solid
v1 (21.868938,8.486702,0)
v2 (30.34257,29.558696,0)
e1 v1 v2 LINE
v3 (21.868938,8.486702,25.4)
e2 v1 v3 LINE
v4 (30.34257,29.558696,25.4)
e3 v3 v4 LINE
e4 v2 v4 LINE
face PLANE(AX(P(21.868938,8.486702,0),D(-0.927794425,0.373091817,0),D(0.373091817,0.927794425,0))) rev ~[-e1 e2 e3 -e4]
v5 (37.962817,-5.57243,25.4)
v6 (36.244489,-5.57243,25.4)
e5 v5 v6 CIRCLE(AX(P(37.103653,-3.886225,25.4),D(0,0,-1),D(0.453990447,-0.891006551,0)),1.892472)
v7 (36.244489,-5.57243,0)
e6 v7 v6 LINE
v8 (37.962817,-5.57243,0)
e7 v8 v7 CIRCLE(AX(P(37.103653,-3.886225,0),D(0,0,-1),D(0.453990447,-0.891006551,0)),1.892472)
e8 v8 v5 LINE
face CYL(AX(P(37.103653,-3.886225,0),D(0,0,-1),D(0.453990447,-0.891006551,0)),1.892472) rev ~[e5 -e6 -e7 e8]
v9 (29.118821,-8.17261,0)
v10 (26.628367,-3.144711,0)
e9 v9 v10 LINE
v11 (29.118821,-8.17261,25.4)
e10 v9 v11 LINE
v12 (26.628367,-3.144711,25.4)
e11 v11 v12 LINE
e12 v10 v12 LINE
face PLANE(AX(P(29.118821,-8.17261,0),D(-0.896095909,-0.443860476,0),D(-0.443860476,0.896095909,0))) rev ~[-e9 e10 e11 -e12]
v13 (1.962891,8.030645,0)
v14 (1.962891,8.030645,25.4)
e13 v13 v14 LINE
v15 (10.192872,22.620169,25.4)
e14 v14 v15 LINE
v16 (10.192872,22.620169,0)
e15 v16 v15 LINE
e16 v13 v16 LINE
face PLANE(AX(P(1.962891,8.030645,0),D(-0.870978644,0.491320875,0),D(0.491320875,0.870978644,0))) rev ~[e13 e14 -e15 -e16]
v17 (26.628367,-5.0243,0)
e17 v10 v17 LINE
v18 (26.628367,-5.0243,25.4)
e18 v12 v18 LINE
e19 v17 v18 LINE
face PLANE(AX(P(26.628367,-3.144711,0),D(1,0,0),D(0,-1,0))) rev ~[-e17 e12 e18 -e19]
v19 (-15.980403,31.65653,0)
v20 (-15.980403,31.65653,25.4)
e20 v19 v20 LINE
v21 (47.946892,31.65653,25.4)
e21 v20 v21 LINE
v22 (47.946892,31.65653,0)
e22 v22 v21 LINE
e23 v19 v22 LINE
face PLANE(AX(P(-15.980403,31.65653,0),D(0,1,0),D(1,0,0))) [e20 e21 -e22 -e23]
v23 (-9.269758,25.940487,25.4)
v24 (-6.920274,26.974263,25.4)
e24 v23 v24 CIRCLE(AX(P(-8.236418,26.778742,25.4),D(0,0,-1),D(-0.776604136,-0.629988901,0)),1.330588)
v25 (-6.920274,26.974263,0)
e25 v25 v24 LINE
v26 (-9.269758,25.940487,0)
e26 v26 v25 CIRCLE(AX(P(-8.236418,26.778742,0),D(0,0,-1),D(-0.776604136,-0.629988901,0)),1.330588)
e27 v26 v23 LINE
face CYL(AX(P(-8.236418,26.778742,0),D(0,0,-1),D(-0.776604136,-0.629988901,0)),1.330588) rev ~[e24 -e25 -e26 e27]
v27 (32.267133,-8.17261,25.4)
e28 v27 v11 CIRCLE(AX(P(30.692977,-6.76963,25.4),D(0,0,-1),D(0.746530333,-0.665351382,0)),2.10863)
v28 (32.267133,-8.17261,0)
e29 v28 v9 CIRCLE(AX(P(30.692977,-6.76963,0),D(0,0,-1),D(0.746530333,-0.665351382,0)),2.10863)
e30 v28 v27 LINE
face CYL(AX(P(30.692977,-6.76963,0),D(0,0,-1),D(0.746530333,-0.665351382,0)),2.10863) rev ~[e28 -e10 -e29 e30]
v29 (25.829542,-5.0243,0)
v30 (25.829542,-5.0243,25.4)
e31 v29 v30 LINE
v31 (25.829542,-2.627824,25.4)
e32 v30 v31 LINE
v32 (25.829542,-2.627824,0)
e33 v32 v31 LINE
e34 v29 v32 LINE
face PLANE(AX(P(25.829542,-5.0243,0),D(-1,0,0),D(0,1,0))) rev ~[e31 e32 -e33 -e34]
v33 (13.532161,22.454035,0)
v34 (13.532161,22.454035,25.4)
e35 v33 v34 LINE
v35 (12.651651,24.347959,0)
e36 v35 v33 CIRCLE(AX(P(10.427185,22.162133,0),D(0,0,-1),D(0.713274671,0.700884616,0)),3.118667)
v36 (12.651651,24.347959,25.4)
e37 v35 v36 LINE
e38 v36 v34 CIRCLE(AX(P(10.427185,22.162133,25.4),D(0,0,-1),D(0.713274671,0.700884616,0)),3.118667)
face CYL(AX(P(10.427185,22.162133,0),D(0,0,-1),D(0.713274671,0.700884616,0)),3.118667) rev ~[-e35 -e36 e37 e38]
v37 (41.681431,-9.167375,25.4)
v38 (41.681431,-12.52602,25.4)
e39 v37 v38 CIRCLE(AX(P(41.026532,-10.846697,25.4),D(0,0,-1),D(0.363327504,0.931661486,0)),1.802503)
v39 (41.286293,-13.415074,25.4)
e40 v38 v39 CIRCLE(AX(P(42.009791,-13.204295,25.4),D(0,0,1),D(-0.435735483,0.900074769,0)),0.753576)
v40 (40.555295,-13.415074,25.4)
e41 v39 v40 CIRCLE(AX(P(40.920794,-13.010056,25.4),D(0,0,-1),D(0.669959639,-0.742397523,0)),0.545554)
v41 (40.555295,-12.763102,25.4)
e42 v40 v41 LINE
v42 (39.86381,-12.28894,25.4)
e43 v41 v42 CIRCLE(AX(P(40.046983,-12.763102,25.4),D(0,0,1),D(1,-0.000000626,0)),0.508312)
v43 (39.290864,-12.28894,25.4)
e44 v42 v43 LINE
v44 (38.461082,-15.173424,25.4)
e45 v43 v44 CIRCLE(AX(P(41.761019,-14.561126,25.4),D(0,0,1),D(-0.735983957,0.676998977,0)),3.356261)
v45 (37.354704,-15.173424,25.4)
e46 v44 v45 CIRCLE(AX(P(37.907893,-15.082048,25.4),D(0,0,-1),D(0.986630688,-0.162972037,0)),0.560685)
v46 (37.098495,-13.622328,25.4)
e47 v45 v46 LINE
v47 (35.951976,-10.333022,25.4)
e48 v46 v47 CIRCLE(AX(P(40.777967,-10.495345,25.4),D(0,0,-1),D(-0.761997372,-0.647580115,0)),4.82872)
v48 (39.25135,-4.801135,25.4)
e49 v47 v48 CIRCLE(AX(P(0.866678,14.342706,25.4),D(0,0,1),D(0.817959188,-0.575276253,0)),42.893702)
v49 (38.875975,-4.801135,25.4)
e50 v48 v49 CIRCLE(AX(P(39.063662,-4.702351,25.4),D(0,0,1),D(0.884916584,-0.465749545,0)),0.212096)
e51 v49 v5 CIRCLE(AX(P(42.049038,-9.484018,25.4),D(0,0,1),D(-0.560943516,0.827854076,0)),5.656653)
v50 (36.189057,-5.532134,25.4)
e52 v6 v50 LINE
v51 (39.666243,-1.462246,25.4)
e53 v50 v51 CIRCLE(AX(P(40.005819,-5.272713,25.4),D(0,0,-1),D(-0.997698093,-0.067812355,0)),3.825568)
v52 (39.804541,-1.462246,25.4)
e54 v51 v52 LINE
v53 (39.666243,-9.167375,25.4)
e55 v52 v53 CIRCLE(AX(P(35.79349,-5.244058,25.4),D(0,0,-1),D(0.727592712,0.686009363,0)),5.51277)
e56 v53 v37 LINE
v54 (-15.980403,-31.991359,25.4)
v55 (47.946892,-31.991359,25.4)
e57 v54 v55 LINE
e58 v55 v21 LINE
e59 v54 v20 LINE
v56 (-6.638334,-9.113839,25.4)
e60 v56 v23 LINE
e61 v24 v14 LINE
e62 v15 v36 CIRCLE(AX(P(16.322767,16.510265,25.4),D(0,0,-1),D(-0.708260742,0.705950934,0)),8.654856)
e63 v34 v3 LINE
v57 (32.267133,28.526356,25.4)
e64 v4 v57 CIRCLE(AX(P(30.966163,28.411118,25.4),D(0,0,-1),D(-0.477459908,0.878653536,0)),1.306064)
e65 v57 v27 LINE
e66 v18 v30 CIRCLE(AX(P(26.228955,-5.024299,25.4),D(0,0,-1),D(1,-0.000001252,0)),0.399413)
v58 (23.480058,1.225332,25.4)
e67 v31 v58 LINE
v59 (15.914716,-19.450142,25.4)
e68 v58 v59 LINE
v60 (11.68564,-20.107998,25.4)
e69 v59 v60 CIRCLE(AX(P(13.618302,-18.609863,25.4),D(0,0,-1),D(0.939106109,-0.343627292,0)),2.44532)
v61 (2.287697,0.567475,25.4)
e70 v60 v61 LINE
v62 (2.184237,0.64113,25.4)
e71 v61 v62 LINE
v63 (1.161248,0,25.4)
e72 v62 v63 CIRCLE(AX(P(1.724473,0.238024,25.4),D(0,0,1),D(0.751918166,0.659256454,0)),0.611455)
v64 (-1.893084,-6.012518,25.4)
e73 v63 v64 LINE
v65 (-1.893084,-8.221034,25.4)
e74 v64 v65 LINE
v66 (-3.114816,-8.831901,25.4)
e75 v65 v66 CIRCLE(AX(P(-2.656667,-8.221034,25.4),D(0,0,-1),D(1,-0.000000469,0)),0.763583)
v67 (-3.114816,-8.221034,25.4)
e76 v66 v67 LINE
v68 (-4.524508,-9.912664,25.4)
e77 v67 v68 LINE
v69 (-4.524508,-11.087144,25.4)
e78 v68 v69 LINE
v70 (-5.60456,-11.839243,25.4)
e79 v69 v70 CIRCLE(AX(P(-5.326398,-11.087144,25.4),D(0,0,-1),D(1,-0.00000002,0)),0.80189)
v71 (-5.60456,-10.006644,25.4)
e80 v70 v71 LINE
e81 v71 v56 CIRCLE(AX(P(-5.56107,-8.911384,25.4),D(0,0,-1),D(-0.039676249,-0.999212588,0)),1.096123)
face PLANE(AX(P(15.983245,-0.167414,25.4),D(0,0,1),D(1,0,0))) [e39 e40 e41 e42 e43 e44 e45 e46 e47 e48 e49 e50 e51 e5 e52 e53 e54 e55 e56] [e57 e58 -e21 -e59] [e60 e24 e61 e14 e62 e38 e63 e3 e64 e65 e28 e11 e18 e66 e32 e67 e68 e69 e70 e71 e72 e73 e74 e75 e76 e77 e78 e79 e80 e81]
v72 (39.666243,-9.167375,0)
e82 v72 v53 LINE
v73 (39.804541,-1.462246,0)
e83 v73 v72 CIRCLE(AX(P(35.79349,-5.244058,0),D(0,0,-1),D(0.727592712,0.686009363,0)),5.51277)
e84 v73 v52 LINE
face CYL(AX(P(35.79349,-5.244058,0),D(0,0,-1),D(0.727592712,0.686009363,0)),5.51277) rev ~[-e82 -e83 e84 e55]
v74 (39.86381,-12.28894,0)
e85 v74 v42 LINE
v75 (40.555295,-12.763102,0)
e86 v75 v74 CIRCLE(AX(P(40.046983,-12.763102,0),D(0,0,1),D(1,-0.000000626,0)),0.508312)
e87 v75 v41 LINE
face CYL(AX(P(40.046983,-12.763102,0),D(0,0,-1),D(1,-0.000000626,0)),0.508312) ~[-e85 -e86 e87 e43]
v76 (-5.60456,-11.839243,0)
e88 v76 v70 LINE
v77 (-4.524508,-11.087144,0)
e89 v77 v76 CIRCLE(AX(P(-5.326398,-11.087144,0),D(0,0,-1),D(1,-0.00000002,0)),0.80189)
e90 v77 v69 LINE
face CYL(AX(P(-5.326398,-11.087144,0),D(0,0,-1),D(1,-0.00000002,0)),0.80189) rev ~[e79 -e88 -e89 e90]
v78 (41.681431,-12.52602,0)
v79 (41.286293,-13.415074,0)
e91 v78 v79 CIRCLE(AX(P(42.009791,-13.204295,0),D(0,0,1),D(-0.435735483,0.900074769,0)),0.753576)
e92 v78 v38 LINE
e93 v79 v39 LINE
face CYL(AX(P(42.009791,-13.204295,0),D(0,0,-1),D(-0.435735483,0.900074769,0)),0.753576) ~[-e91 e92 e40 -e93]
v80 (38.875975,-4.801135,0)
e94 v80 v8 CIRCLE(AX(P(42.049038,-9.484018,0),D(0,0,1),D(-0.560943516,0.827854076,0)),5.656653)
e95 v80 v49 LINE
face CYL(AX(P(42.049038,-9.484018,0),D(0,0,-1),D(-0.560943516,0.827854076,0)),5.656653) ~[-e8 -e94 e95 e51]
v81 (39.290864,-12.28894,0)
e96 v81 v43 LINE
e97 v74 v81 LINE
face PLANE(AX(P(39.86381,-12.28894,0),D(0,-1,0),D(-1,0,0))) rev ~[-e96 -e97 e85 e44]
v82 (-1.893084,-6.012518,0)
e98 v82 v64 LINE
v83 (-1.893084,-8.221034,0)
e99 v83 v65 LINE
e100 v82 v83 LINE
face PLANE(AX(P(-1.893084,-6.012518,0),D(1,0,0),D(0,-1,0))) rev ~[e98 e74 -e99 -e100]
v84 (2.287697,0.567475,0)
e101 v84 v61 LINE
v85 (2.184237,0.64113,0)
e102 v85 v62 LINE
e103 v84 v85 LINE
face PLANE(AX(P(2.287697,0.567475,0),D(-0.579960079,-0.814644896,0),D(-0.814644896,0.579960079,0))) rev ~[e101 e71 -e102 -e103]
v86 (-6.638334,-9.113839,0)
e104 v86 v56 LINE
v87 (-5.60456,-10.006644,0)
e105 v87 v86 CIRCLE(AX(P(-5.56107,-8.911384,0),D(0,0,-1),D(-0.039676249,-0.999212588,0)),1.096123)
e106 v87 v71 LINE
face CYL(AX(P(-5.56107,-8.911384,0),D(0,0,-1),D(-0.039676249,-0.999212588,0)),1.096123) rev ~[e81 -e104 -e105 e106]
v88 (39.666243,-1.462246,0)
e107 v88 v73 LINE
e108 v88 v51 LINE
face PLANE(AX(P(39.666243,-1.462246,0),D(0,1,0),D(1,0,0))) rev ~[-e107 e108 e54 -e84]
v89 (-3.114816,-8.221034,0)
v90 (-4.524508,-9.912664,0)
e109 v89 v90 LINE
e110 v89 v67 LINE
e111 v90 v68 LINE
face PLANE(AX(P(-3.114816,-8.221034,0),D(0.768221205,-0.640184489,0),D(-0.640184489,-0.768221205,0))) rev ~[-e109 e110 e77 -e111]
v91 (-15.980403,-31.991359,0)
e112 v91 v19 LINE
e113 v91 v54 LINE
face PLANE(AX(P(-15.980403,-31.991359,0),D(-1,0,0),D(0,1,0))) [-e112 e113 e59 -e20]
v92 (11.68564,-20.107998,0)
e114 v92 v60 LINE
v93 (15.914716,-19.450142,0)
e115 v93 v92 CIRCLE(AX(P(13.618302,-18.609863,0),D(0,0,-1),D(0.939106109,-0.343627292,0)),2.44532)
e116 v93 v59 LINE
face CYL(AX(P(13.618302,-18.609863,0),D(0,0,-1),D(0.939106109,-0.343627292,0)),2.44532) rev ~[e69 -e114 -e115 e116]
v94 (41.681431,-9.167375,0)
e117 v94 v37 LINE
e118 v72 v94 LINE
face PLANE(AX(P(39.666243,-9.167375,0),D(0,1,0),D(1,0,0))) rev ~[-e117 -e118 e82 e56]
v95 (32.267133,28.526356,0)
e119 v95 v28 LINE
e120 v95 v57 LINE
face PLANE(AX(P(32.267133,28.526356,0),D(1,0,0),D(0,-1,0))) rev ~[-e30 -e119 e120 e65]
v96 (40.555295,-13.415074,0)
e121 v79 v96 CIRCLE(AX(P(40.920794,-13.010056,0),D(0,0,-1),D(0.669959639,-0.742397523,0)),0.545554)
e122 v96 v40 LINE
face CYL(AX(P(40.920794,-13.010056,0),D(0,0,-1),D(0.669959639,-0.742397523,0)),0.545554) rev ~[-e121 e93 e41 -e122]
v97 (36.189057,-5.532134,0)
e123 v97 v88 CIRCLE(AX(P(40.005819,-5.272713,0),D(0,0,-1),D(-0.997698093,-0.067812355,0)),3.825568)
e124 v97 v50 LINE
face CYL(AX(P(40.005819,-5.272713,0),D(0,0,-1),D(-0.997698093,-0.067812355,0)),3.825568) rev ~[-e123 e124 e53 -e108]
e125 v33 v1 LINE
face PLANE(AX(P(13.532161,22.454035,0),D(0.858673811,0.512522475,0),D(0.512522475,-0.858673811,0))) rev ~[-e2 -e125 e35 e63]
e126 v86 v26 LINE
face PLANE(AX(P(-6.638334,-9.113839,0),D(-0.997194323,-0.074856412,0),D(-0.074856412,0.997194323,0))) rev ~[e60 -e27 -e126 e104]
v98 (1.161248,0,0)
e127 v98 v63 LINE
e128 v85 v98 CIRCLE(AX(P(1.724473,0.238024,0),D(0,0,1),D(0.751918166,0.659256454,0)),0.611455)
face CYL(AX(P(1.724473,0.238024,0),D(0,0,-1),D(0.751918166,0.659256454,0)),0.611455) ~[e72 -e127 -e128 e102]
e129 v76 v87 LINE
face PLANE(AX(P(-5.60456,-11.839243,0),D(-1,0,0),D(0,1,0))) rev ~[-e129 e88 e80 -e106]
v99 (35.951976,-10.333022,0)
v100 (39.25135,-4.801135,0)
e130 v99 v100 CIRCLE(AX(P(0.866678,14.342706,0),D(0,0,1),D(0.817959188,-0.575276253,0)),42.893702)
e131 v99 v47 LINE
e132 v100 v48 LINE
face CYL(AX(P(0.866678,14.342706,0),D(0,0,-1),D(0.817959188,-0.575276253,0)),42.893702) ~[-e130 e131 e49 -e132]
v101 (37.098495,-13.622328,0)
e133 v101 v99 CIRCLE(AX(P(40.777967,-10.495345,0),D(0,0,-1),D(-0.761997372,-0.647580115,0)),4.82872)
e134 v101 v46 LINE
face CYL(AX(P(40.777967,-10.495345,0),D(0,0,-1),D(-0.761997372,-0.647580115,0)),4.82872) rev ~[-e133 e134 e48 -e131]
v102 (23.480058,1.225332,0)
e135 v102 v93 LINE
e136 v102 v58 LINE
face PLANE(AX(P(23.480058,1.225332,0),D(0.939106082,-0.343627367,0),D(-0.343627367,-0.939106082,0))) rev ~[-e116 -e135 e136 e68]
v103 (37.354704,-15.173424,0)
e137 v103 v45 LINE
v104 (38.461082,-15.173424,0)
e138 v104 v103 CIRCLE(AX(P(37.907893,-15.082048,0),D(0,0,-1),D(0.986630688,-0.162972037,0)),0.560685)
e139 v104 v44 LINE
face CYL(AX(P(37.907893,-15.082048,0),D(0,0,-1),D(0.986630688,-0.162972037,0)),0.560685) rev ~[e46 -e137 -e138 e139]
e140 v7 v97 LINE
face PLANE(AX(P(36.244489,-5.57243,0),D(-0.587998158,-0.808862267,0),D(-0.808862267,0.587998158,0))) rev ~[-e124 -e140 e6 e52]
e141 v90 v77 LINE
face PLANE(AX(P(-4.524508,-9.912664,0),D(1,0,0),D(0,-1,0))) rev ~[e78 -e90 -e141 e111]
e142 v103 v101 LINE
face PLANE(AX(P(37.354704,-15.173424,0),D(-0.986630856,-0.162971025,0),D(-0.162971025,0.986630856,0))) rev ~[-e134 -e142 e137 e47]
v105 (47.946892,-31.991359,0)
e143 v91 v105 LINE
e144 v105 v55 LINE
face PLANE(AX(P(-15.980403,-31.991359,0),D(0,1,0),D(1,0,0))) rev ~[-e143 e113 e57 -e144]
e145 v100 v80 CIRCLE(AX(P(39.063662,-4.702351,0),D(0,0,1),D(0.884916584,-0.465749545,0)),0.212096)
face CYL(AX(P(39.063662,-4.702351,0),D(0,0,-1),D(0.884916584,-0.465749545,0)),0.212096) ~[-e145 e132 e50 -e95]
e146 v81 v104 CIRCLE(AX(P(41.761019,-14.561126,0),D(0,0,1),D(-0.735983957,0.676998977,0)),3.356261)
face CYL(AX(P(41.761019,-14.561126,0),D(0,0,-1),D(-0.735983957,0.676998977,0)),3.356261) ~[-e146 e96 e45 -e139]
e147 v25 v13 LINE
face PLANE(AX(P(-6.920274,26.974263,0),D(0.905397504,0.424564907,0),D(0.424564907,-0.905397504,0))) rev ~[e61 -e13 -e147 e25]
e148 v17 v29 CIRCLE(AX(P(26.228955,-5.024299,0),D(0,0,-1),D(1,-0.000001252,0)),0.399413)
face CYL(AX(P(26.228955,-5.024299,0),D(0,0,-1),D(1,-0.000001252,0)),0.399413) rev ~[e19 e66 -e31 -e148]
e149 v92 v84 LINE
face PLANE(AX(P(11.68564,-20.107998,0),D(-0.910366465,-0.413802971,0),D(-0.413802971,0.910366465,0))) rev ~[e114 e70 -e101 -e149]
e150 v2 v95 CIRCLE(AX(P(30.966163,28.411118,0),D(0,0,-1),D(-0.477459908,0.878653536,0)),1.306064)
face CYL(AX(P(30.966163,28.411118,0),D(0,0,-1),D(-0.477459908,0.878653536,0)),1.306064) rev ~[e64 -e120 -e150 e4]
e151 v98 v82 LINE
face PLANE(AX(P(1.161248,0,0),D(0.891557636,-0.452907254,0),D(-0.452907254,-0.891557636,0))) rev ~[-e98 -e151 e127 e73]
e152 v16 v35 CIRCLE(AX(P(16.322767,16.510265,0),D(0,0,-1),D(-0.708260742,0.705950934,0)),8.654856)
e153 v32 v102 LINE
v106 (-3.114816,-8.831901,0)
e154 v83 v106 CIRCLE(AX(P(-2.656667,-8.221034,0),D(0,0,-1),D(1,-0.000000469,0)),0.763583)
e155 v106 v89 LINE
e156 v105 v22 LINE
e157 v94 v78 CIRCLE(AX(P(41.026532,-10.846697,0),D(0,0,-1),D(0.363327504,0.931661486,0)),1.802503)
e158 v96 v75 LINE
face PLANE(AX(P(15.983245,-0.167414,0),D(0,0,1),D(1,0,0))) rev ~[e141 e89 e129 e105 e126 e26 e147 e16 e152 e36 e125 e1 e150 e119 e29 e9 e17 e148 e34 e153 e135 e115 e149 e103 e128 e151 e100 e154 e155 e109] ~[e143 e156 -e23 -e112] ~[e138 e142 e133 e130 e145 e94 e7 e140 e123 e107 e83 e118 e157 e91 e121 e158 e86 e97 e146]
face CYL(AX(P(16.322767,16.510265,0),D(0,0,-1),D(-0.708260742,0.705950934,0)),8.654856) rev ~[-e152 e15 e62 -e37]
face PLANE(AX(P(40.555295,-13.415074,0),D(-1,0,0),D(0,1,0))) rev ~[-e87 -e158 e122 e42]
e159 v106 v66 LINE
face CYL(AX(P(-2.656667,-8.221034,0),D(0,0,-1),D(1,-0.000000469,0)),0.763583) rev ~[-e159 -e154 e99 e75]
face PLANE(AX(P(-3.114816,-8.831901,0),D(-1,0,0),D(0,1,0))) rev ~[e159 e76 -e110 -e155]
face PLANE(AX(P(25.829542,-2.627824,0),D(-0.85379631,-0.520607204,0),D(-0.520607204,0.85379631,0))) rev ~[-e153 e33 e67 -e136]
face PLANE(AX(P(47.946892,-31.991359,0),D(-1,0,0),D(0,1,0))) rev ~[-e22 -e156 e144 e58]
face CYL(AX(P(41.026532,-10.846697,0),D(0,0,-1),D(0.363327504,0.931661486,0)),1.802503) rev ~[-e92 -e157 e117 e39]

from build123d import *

# Parameters (mm, degrees)
F0_W     = 63.927295
F0_H     = 63.647889
F1_DEPTH = 25.4


with BuildPart() as f1:
    # F0 (on Top) → F1 (new body)
    with BuildSketch(Plane.XY):
        with Locations((15.983245, -0.167414)):
            Rectangle(F0_W, F0_H)
        with BuildLine():
            ThreePointArc((36.189057, -5.532134), (37.097248, -2.787721), (39.666243, -1.462246))
            Line((39.666243, -1.462246), (39.804541, -1.462246))
            ThreePointArc((39.804541, -1.462246), (41.305372, -5.34299), (39.666243, -9.167375))
            Line((39.666243, -9.167375), (41.681431, -9.167375))
            ThreePointArc((41.681431, -9.167375), (42.829035, -10.846698), (41.681431, -12.52602))
            ThreePointArc((41.681431, -12.52602), (41.321165, -12.898237), (41.286293, -13.415074))
            ThreePointArc((41.286293, -13.415074), (40.920794, -13.55561), (40.555295, -13.415074))
            Line((40.555295, -13.415074), (40.555295, -12.763102))
            ThreePointArc((40.555295, -12.763102), (40.334448, -12.343882), (39.86381, -12.28894))
            Line((39.86381, -12.28894), (39.290864, -12.28894))
            ThreePointArc((39.290864, -12.28894), (38.535565, -13.633257), (38.461082, -15.173424))
            ThreePointArc((38.461082, -15.173424), (37.907893, -15.642733), (37.354704, -15.173424))
            Line((37.354704, -15.173424), (37.098495, -13.622328))
            ThreePointArc((37.098495, -13.622328), (36.218295, -12.084662), (35.951976, -10.333022))
            ThreePointArc((35.951976, -10.333022), (37.705646, -7.629097), (39.25135, -4.801135))
            ThreePointArc((39.25135, -4.801135), (39.063662, -4.490255), (38.875975, -4.801135))
            ThreePointArc((38.875975, -4.801135), (38.398966, -5.162595), (37.962817, -5.57243))
            ThreePointArc((37.962817, -5.57243), (37.103653, -5.778697), (36.244489, -5.57243))
            Line((36.244489, -5.57243), (36.189057, -5.532134))
        make_face(mode=Mode.SUBTRACT)
        with BuildLine():
            ThreePointArc((-9.269758, 25.940487), (-8.772298, 27.996649), (-6.920274, 26.974263))
            Line((-6.920274, 26.974263), (1.962891, 8.030645))
            Line((1.962891, 8.030645), (10.192872, 22.620169))
            ThreePointArc((10.192872, 22.620169), (11.346698, 23.591598), (12.651651, 24.347959))
            ThreePointArc((12.651651, 24.347959), (13.255166, 23.476898), (13.532161, 22.454035))
            Line((13.532161, 22.454035), (21.868938, 8.486702))
            Line((21.868938, 8.486702), (30.34257, 29.558696))
            ThreePointArc((30.34257, 29.558696), (31.583529, 29.562058), (32.267133, 28.526356))
            Line((32.267133, 28.526356), (32.267133, -8.17261))
            ThreePointArc((32.267133, -8.17261), (30.692977, -8.87826), (29.118821, -8.17261))
            Line((29.118821, -8.17261), (26.628367, -3.144711))
            Line((26.628367, -3.144711), (26.628367, -5.0243))
            ThreePointArc((26.628367, -5.0243), (26.228955, -5.423712), (25.829542, -5.0243))
            Line((25.829542, -5.0243), (25.829542, -2.627824))
            Line((25.829542, -2.627824), (23.480058, 1.225332))
            Line((23.480058, 1.225332), (15.914716, -19.450142))
            ThreePointArc((15.914716, -19.450142), (13.994164, -21.026124), (11.68564, -20.107998))
            Line((11.68564, -20.107998), (2.287697, 0.567475))
            Line((2.287697, 0.567475), (2.184237, 0.64113))
            ThreePointArc((2.184237, 0.64113), (1.399761, 0.756136), (1.161248, 0))
            Line((1.161248, 0), (-1.893084, -6.012518))
            Line((-1.893084, -6.012518), (-1.893084, -8.221034))
            ThreePointArc((-1.893084, -8.221034), (-2.315182, -8.904003), (-3.114816, -8.831901))
            Line((-3.114816, -8.831901), (-3.114816, -8.221034))
            Line((-3.114816, -8.221034), (-4.524508, -9.912664))
            Line((-4.524508, -9.912664), (-4.524508, -11.087144))
            ThreePointArc((-4.524508, -11.087144), (-4.868156, -11.745203), (-5.60456, -11.839243))
            Line((-5.60456, -11.839243), (-5.60456, -10.006644))
            ThreePointArc((-5.60456, -10.006644), (-6.277518, -9.740955), (-6.638334, -9.113839))
            Line((-6.638334, -9.113839), (-9.269758, 25.940487))
        make_face(mode=Mode.SUBTRACT)
    extrude(amount=F1_DEPTH)


solid = f1.part
